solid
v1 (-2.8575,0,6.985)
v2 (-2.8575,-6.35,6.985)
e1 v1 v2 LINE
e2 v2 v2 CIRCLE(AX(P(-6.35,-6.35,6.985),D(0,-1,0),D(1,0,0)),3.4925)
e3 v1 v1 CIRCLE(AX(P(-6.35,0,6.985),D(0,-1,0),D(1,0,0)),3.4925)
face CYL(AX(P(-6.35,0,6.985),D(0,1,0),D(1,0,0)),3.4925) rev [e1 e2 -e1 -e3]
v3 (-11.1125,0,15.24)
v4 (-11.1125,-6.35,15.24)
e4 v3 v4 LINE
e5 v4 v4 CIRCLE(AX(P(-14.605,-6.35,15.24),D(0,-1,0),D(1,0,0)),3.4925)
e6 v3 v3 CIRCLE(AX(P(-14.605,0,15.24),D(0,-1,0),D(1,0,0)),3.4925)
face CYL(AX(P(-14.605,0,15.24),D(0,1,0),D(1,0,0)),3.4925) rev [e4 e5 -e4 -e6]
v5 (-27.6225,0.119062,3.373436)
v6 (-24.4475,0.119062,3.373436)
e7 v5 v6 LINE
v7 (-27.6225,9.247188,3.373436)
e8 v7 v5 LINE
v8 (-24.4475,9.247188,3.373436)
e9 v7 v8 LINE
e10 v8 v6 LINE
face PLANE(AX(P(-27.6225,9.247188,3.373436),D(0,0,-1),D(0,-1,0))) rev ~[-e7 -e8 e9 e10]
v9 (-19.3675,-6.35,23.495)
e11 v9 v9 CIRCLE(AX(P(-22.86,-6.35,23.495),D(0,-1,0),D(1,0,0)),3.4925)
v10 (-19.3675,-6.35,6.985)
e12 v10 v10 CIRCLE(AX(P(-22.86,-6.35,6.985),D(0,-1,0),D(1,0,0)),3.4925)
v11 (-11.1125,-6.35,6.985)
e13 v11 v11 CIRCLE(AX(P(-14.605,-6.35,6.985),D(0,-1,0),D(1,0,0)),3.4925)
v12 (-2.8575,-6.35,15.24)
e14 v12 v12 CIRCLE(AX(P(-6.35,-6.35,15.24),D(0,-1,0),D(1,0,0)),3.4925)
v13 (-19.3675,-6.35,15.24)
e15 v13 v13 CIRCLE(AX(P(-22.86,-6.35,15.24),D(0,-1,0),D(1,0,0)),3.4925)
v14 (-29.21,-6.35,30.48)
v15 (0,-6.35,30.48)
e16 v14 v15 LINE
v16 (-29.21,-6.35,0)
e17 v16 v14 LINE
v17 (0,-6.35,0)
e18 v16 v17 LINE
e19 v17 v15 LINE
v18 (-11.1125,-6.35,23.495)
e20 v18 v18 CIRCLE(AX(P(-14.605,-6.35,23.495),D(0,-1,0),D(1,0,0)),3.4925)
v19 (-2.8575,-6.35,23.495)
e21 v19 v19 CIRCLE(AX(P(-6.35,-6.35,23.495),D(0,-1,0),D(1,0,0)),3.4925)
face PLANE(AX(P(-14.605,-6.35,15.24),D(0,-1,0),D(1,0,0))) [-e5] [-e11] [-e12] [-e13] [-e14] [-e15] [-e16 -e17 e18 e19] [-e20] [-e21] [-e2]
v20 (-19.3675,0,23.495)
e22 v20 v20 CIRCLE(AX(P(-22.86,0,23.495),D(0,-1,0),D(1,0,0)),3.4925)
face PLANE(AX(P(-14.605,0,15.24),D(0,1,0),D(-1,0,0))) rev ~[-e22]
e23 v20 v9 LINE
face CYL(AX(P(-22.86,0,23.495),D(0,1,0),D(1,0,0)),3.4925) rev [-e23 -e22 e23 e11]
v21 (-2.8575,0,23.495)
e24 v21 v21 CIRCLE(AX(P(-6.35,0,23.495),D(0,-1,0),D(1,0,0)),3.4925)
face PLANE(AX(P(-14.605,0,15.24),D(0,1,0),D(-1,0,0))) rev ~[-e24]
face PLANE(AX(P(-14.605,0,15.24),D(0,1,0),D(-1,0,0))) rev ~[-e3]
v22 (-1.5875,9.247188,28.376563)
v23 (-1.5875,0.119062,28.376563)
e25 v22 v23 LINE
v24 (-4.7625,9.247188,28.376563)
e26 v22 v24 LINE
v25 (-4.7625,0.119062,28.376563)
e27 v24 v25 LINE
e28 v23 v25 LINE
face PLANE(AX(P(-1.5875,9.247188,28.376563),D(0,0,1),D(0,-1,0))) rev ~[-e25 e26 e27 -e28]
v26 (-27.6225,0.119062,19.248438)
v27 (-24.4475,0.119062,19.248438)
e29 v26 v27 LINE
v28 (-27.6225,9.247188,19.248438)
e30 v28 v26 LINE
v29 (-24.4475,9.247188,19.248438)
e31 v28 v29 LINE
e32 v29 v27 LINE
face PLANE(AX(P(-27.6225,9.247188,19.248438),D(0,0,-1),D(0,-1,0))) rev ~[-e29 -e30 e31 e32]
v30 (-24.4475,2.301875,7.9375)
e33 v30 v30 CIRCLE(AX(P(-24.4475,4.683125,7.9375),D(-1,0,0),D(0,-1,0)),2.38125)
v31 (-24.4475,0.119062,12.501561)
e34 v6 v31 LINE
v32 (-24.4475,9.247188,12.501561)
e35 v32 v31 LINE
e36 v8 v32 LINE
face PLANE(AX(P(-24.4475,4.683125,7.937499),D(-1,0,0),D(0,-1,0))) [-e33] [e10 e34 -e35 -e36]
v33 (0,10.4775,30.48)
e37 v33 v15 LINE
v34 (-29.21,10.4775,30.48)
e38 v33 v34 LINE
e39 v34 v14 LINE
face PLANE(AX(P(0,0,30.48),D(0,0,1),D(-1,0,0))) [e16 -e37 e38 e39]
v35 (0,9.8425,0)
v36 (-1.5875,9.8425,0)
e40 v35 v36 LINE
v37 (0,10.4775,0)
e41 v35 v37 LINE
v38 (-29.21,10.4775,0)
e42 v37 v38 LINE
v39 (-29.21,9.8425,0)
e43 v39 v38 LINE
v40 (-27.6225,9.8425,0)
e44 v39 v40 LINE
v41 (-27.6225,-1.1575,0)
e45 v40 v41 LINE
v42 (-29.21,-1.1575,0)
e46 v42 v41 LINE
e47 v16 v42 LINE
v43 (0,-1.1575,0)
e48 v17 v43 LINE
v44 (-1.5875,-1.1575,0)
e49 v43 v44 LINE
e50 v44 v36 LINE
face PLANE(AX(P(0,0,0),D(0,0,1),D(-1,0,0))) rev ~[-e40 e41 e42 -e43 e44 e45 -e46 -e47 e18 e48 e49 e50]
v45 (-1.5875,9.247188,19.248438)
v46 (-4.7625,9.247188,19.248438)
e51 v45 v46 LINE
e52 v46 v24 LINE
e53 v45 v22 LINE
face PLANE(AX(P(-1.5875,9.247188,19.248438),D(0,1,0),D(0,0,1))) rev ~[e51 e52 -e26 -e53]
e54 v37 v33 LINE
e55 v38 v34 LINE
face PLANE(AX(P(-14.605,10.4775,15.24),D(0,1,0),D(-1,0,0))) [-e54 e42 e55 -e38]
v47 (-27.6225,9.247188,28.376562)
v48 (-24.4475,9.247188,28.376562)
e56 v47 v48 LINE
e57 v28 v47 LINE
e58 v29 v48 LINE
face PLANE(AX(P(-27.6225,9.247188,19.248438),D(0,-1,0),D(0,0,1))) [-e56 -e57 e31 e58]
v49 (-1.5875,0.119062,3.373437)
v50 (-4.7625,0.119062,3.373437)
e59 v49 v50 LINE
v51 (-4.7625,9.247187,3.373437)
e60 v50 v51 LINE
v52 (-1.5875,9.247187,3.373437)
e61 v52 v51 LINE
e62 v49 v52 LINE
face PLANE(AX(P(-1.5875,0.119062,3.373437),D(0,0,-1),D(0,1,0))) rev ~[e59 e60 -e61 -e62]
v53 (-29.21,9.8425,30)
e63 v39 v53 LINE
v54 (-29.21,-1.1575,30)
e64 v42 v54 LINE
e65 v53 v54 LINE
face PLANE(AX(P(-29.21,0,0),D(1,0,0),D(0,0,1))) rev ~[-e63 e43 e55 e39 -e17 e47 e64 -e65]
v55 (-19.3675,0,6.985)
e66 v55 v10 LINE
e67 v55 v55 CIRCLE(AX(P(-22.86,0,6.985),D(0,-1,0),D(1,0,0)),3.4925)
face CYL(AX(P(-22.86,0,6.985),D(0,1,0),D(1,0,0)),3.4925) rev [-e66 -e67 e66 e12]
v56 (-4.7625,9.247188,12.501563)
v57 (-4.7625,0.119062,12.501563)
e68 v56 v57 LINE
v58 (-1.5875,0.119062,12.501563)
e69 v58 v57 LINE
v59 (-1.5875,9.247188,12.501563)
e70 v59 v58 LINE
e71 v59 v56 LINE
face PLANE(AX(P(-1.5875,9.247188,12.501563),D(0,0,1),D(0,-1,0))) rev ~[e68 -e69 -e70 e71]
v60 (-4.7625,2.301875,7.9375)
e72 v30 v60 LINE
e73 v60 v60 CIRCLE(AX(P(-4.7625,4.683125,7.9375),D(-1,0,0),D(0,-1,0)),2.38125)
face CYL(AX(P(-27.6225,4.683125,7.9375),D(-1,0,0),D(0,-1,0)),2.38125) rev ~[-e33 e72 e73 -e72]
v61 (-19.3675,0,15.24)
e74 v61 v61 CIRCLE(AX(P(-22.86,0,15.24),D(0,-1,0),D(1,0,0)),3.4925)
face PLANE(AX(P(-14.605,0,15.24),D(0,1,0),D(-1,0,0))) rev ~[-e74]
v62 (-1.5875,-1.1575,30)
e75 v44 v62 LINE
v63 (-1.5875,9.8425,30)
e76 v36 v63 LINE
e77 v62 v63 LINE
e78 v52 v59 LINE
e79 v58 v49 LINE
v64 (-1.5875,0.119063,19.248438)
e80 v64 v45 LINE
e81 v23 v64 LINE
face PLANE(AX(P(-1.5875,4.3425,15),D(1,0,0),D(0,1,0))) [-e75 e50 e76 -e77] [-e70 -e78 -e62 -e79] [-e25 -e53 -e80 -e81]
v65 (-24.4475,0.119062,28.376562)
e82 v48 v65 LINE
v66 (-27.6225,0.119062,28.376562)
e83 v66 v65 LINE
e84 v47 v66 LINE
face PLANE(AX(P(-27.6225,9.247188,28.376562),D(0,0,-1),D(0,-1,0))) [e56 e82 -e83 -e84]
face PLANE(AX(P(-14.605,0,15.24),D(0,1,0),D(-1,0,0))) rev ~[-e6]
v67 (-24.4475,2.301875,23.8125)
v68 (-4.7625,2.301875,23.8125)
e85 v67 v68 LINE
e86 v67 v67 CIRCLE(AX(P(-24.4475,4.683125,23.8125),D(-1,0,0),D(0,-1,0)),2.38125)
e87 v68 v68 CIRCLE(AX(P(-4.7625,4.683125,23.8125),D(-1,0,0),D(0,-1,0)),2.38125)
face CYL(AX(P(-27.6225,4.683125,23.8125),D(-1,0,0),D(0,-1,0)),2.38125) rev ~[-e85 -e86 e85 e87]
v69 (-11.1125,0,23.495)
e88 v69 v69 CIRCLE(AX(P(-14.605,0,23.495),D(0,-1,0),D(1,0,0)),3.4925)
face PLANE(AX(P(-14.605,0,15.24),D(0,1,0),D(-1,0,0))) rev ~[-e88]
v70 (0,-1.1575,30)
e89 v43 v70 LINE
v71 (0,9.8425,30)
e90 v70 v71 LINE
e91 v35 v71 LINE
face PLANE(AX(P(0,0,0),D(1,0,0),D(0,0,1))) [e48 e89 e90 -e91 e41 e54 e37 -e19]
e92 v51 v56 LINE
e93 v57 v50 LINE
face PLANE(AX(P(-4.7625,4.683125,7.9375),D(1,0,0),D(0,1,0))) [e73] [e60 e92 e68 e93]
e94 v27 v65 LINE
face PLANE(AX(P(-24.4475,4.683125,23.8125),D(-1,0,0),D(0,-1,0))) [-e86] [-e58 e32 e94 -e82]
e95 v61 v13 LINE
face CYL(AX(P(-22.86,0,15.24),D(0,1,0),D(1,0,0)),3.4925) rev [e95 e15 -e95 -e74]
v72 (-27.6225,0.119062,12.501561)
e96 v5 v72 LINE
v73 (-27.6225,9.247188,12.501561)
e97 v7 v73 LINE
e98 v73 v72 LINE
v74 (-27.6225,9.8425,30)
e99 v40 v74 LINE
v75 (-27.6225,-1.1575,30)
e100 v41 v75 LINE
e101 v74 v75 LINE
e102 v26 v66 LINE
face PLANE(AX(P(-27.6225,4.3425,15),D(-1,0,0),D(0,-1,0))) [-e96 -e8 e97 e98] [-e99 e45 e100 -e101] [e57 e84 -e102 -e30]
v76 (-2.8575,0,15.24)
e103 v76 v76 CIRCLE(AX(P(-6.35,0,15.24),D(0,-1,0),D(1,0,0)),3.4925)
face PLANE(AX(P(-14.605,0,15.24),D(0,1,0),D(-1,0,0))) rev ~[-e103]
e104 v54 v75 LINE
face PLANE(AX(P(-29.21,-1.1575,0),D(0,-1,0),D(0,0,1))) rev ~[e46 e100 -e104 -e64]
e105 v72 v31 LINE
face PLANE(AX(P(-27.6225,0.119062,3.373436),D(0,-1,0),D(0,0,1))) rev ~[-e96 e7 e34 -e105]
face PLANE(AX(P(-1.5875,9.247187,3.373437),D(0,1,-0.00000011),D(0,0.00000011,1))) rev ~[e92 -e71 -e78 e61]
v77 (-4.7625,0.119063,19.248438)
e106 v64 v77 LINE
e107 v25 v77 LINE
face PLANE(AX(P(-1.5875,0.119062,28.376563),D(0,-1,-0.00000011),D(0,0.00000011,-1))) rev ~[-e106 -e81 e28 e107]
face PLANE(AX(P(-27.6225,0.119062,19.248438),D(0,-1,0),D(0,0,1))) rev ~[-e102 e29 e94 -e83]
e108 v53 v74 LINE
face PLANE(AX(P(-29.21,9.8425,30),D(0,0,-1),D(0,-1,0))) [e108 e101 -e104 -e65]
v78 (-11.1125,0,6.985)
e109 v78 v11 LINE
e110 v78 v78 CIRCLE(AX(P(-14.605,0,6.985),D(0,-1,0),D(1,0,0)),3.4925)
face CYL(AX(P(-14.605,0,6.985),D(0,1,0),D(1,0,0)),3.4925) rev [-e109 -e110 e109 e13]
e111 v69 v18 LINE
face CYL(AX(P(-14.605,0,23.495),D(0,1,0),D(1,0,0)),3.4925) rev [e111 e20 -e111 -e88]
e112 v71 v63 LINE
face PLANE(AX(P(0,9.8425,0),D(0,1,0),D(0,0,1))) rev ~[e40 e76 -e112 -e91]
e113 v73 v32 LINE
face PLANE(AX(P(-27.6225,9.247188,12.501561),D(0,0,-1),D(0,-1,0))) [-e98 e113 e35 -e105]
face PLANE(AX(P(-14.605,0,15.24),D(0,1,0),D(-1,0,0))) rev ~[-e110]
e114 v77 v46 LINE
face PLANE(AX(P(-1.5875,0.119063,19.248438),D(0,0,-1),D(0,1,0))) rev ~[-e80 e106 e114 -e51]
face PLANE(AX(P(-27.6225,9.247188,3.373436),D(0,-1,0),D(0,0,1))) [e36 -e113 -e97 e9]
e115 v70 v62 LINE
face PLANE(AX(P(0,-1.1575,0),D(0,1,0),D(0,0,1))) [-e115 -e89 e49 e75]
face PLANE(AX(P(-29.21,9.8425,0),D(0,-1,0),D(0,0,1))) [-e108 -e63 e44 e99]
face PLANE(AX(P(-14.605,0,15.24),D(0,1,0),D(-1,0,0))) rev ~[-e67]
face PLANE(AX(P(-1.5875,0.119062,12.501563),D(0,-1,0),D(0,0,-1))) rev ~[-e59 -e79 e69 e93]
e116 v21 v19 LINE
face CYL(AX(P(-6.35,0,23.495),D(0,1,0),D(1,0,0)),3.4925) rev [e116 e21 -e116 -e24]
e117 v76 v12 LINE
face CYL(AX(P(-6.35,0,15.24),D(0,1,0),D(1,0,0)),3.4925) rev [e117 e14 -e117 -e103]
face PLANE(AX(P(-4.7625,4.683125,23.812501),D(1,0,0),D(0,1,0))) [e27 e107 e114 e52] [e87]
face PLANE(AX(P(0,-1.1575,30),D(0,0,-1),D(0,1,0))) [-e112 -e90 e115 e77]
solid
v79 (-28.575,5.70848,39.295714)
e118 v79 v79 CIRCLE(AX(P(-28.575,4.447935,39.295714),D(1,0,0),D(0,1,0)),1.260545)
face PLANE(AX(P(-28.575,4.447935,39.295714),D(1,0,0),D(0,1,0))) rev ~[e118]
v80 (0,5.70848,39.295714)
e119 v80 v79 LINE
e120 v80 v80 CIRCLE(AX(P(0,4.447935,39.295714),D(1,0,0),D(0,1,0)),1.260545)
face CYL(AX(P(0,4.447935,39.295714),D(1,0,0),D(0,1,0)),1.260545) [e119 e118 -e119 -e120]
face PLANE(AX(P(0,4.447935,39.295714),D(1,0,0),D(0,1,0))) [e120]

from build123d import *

# Parameters (mm, degrees)
F0_W      = 29.21
F0_H      = 30.48
F0_R      = 3.4925
F1_DEPTH  = 6.35
F2_W      = 29.21
F2_H      = 30.48
F3_DEPTH  = 10.4775
F4_W      = 11
F4_H      = 30
F5_DEPTH  = 1.5875
F6_W      = 11
F6_H      = 30
F7_DEPTH  = 1.5875
F8_R      = 2.38125
F9_DEPTH  = 27.6235
F10_W     = 9.128126
F10_H     = 9.128125
F12_DEPTH = 3.175
F13_DEPTH = 3.175
F14_R     = 1.260545
F15_DEPTH = 28.575


with BuildPart() as f1:
    # F0 (on Front) → F1 (new body)
    with BuildSketch(Plane.XZ):
        with Locations((-14.605, 15.24)):
            Rectangle(F0_W, F0_H)
        with Locations((-22.86, 6.985)):
            Circle(F0_R, mode=Mode.SUBTRACT)
        with Locations((-14.605, 6.985)):
            Circle(F0_R, mode=Mode.SUBTRACT)
        with Locations((-6.35, 6.985)):
            Circle(F0_R, mode=Mode.SUBTRACT)
        with Locations((-22.86, 15.24)):
            Circle(F0_R, mode=Mode.SUBTRACT)
        with Locations((-14.605, 15.24)):
            Circle(F0_R, mode=Mode.SUBTRACT)
        with Locations((-22.86, 23.495)):
            Circle(F0_R, mode=Mode.SUBTRACT)
        with Locations((-14.605, 23.495)):
            Circle(F0_R, mode=Mode.SUBTRACT)
        with Locations((-6.35, 15.24)):
            Circle(F0_R, mode=Mode.SUBTRACT)
        with Locations((-6.35, 23.495)):
            Circle(F0_R, mode=Mode.SUBTRACT)
    extrude(amount=F1_DEPTH)

    # F2 (on face) → F3 (join)
    with BuildSketch(Plane(origin=(0, 0, 0), x_dir=(-1, 0, 0), z_dir=(0, 1, 0))):
        with Locations((14.605, 15.24)):
            Rectangle(F2_W, F2_H)
    extrude(amount=F3_DEPTH)

    # F4 (on face) → F5 (cut)
    with BuildSketch(Plane.YZ):
        with Locations((4.3425, 15)):
            Rectangle(F4_W, F4_H)
    extrude(amount=-F5_DEPTH, mode=Mode.SUBTRACT)

    # F6 (on face) → F7 (cut)
    with BuildSketch(Plane(origin=(-29.21, 0, 0), x_dir=(0, -1, 0), z_dir=(-1, 0, 0))):
        with Locations((-4.3425, 15)):
            Rectangle(F6_W, F6_H)
    extrude(amount=-F7_DEPTH, mode=Mode.SUBTRACT)

    # F8 (on face) → F9 (cut, through all)
    with BuildSketch(Plane(origin=(-27.6225, 0, 0), x_dir=(0, -1, 0), z_dir=(-1, 0, 0))):
        with Locations((-4.683125, 23.8125)):
            Circle(F8_R)
        with Locations((-4.683125, 7.9375)):
            Circle(F8_R)
    extrude(amount=-F9_DEPTH, mode=Mode.SUBTRACT)

    # F10 (on face) → F12 (cut)
    with BuildSketch(Plane(origin=(-27.6225, 0, 0), x_dir=(0, -1, 0), z_dir=(-1, 0, 0))):
        with Locations((-4.683125, 23.8125)):
            Rectangle(F10_W, F10_H)
        with Locations((-4.683125, 7.937499)):
            Rectangle(F10_W, F10_H)
    extrude(amount=-F12_DEPTH, mode=Mode.SUBTRACT)

    # F11 (on face) → F13 (cut)
    with BuildSketch(Plane.YZ.offset(-1.5875)):
        Polygon((9.247188, 28.376563), (0.119062, 28.376563), (0.119063, 19.248438), (9.247188, 19.248438), align=None)
        Polygon((9.247188, 12.501563), (0.119062, 12.501563), (0.119062, 3.373437), (9.247187, 3.373437), align=None)
    extrude(amount=-F13_DEPTH, mode=Mode.SUBTRACT)


with BuildPart() as f15:
    # F14 (on face) → F15 (new body)
    with BuildSketch(Plane.YZ):
        with Locations((4.447935, 39.295714)):
            Circle(F14_R)
    extrude(amount=-F15_DEPTH)


solid = Compound([f1.part, f15.part])
